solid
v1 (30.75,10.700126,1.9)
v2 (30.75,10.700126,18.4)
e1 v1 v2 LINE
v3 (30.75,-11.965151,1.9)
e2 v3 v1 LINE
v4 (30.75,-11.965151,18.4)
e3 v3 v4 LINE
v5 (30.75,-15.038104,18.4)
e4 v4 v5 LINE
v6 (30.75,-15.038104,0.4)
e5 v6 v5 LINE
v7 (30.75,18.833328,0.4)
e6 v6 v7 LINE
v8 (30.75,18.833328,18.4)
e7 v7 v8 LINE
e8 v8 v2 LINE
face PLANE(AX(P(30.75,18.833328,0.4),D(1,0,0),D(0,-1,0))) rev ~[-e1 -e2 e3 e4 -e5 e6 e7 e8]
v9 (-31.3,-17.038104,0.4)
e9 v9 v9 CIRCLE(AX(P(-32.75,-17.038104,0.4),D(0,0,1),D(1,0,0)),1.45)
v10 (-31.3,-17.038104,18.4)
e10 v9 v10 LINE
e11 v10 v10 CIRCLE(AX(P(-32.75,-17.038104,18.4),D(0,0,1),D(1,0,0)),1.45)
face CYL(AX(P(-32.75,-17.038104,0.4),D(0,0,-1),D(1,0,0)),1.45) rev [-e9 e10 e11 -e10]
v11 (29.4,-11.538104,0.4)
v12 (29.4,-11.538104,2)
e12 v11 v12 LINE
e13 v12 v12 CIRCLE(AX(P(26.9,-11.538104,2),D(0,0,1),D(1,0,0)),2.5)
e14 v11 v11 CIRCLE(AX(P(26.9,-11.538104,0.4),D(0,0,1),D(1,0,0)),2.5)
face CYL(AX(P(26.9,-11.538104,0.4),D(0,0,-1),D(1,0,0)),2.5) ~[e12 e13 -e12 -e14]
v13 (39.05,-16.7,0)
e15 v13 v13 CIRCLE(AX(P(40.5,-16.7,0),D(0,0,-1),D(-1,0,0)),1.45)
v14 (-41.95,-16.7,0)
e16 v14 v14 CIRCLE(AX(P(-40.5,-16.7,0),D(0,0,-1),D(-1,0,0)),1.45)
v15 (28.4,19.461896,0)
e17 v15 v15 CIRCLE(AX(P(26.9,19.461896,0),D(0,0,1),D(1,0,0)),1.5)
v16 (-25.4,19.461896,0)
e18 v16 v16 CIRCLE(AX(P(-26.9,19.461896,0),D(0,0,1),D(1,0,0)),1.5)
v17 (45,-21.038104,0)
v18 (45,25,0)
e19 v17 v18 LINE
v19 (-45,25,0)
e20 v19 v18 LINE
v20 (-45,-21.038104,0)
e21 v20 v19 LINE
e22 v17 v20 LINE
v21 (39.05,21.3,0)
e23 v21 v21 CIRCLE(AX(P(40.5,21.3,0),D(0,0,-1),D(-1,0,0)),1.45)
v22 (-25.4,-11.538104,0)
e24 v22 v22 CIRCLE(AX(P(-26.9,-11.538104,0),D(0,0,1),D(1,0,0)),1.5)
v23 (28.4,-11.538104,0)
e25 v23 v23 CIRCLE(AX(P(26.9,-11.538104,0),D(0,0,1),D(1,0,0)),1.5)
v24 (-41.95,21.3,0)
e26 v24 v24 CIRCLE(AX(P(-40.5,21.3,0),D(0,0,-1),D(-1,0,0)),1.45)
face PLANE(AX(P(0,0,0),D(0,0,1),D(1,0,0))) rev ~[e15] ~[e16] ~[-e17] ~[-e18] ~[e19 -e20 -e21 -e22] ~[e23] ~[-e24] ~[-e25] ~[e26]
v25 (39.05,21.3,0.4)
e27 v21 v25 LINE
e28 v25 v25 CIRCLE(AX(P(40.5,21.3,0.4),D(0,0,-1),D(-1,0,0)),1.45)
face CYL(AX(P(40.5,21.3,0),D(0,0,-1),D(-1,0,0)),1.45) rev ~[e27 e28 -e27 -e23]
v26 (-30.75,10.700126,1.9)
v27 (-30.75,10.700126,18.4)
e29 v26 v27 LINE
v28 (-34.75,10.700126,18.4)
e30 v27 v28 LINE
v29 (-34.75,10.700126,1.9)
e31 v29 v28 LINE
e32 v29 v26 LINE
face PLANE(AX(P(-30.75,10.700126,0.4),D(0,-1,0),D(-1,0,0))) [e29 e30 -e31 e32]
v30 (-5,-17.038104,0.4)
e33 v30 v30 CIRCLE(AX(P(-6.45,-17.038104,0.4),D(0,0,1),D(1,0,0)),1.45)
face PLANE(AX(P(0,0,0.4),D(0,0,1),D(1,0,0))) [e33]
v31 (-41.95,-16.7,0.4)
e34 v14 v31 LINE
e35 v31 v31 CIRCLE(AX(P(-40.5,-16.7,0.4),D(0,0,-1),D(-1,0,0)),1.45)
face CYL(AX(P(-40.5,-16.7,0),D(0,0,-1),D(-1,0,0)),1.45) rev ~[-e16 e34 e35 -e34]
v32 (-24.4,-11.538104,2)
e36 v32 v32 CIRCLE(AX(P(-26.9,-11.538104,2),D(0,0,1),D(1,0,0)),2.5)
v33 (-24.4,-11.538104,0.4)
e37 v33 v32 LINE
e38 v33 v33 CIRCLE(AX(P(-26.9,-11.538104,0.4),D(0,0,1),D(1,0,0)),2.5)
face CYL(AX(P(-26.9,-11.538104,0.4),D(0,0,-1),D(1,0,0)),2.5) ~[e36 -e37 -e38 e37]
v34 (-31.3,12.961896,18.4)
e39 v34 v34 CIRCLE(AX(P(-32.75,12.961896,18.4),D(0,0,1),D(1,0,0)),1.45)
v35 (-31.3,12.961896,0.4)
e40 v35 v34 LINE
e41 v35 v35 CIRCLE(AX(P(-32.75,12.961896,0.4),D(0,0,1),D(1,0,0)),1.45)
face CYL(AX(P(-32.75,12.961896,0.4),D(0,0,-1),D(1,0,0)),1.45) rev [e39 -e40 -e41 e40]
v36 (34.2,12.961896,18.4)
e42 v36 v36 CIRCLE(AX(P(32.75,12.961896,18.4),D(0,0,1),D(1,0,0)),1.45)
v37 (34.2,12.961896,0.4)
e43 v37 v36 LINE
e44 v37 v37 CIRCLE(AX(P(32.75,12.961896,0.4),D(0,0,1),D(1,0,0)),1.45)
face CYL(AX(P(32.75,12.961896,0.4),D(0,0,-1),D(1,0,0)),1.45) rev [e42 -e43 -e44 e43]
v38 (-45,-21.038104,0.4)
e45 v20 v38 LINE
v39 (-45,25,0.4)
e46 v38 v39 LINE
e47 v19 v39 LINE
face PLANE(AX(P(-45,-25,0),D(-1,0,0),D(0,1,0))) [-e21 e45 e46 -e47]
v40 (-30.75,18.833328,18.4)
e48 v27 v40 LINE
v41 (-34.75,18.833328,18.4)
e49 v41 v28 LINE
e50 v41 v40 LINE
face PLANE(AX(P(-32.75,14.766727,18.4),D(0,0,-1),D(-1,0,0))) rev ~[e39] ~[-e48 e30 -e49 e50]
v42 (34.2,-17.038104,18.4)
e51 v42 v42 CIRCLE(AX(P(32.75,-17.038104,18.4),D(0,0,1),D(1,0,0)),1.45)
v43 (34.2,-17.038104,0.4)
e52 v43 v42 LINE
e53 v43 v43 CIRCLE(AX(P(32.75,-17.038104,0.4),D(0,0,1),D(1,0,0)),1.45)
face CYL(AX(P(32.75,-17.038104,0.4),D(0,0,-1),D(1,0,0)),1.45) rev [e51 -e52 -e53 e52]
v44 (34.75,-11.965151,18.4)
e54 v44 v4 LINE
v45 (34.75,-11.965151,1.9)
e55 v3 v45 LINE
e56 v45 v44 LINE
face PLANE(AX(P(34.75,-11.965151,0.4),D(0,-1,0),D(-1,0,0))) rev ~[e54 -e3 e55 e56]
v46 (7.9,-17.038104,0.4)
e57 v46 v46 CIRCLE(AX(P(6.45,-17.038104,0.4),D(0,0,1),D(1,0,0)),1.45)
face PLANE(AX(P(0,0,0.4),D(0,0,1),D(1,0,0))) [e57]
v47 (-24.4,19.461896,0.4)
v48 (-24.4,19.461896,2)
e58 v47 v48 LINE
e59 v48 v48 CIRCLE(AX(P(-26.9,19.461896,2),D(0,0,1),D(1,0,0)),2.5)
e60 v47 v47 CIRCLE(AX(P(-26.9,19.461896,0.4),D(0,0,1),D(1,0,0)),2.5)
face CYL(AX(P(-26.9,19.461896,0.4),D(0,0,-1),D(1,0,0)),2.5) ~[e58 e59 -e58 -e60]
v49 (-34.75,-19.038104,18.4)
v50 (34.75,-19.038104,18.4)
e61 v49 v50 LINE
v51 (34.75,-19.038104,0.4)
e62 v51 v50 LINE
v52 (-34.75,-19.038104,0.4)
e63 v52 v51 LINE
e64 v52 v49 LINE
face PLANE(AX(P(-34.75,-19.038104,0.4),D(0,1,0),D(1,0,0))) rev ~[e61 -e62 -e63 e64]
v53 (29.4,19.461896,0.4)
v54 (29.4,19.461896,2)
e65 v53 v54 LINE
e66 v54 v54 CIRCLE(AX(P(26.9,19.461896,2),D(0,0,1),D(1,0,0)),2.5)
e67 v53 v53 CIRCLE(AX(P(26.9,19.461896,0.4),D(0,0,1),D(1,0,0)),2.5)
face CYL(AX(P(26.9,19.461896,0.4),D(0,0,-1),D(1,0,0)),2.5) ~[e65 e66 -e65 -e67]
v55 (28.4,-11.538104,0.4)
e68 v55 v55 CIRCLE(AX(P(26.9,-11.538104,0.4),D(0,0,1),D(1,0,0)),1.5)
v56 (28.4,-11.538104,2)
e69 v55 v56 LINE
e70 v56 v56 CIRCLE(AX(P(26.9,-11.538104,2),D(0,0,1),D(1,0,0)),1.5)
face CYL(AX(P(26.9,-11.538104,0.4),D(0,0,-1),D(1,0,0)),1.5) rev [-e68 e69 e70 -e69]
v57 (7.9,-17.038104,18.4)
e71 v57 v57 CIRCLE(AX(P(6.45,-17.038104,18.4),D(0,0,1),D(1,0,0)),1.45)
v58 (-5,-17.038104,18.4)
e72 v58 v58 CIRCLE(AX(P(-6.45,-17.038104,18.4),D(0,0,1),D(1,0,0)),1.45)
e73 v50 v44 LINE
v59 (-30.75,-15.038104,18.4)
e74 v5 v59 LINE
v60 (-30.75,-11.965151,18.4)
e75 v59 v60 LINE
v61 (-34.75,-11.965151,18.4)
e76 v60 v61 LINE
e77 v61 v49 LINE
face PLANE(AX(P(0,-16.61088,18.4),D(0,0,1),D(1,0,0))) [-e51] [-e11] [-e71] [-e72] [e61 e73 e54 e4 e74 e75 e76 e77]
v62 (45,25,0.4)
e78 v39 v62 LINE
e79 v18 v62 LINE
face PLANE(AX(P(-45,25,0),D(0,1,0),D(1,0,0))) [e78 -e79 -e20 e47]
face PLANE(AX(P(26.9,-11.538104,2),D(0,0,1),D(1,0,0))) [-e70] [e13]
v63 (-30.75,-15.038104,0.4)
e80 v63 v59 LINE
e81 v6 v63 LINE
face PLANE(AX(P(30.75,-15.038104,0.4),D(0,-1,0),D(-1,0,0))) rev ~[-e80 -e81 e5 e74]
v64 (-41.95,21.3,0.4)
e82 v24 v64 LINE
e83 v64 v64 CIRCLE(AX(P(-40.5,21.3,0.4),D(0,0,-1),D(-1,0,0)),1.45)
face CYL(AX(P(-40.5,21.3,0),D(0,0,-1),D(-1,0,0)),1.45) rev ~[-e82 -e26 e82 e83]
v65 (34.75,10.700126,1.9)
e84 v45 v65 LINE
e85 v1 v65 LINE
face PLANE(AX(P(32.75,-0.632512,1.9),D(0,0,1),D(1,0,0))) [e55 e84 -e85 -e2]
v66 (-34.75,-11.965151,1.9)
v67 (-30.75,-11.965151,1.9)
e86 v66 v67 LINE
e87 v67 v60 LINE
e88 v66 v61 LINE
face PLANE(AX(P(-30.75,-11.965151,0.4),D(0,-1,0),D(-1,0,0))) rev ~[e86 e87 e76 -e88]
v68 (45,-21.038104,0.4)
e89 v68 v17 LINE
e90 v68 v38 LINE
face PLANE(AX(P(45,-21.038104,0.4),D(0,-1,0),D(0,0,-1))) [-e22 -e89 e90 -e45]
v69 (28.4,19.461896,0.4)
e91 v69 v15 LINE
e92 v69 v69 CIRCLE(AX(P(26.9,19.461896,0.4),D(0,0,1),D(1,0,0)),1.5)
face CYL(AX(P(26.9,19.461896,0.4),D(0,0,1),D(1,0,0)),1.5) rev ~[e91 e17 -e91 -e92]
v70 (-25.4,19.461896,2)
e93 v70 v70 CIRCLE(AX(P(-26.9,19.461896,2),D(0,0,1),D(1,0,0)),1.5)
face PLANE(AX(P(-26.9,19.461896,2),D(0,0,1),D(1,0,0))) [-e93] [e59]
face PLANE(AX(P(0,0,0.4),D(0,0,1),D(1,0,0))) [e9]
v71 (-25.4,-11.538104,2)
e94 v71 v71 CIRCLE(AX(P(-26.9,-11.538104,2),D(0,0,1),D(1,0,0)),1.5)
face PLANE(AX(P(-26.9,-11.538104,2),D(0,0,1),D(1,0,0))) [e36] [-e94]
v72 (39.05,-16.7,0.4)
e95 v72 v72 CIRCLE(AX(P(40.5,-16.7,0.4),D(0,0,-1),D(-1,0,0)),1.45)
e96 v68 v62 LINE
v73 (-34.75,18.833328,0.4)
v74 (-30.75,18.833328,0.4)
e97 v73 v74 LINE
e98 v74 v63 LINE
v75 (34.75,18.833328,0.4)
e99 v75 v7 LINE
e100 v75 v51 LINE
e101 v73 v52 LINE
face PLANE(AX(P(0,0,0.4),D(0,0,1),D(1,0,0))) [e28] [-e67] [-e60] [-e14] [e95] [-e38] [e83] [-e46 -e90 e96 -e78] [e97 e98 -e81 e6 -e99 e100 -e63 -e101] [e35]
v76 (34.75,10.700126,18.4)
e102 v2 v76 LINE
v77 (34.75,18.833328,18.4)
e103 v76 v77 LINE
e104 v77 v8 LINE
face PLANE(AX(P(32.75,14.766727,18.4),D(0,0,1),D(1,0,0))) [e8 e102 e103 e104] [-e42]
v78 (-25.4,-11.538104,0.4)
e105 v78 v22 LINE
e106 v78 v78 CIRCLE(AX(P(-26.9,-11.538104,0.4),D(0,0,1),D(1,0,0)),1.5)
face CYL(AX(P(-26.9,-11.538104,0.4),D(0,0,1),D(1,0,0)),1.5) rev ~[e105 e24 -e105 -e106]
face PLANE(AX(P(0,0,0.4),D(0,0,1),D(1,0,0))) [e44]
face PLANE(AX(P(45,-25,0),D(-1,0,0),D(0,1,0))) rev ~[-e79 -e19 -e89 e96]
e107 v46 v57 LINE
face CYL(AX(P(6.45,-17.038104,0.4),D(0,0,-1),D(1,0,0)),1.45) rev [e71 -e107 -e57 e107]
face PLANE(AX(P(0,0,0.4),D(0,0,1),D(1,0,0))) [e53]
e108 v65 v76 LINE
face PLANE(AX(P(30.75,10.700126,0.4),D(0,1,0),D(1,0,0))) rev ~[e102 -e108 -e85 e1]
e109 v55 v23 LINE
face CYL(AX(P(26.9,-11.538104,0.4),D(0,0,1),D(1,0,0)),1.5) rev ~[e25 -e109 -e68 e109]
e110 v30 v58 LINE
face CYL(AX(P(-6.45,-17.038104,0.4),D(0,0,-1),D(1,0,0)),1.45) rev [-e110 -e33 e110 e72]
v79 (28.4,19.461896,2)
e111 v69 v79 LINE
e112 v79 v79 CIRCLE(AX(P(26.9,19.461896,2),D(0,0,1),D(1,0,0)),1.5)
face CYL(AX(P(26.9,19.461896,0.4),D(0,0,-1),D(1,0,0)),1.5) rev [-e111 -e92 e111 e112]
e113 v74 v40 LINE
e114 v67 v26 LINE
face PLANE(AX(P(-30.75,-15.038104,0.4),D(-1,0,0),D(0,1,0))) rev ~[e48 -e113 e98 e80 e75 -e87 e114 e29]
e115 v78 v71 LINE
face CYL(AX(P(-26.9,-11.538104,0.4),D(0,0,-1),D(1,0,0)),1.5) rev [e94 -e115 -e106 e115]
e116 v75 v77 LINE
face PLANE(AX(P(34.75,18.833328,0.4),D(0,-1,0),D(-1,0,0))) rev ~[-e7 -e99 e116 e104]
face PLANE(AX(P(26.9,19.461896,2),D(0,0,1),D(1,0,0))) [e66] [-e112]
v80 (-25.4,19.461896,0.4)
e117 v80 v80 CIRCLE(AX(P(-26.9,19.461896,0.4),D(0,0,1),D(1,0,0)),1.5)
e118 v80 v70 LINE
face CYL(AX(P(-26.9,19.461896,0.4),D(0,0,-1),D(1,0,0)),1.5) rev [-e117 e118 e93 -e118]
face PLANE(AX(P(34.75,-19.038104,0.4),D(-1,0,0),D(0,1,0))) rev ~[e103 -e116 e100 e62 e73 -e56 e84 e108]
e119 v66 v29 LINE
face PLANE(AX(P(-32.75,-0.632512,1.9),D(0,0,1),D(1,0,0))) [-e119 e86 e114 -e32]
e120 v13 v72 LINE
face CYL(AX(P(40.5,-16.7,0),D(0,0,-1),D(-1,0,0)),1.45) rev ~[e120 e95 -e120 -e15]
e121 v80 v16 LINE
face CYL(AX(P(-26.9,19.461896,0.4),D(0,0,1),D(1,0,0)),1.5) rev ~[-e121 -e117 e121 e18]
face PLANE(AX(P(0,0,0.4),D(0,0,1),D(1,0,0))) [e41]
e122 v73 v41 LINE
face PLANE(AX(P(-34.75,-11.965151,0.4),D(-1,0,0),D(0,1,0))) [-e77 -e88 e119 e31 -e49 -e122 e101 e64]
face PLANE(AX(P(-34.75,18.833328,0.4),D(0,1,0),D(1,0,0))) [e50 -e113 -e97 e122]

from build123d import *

# Parameters (mm, degrees)
SKIZZE1_W                       = 90
SKIZZE1_H                       = 50
AUFSATZ_LINEAR_AUSTRAGEN1_DEPTH = 0.4
SKIZZE3_R                       = 1.5
SCHNITT_LINEAR_AUSTRAGEN1_DEPTH = 1.4
SKIZZE18_R                      = 2.5
SKIZZE18_R_2                    = 1.5
AUFSATZ_LINEAR_AUSTRAGEN5_DEPTH = 1.6
SKIZZE22_R                      = 1.45
AUFSATZ_LINEAR_AUSTRAGEN7_DEPTH = 18
SKIZZE24_W                      = 4
SKIZZE24_H                      = 22.665276743
AUFSATZ_LINEAR_AUSTRAGEN8_DEPTH = 1.5
SKIZZE25_W                      = 0.4
SKIZZE25_H                      = 3.961895835
SCHNITT_LINEAR_AUSTRAGEN4_DEPTH = 91
SKIZZE26_R                      = 1.45
SCHNITT_LINEAR_AUSTRAGEN5_DEPTH = 1


with BuildPart() as part:
    # Skizze1 → Aufsatz-Linear austragen1 (new body)
    with BuildSketch(Plane.XY):
        Rectangle(SKIZZE1_W, SKIZZE1_H)
    extrude(amount=AUFSATZ_LINEAR_AUSTRAGEN1_DEPTH)

    # Skizze3 → Schnitt-Linear austragen1 (cut, through all)
    with BuildSketch(Plane.XY.offset(0.4)):
        with Locations((-26.9, 19.461895835)):
            Circle(SKIZZE3_R)
        with Locations((26.9, 19.461895835)):
            Circle(SKIZZE3_R)
        with Locations((26.9, -11.538104165)):
            Circle(SKIZZE3_R)
        with Locations((-26.9, -11.538104165)):
            Circle(SKIZZE3_R)
    extrude(amount=-SCHNITT_LINEAR_AUSTRAGEN1_DEPTH, mode=Mode.SUBTRACT)

    # Skizze18 → Aufsatz-Linear austragen5 (add)
    with BuildSketch(Plane.XY.offset(0.4)):
        with Locations((-26.9, 19.461895835)):
            Circle(SKIZZE18_R)
        with Locations((-26.9, 19.461895835)):
            Circle(SKIZZE18_R_2, mode=Mode.SUBTRACT)
        with Locations((26.9, 19.461895835)):
            Circle(SKIZZE18_R)
        with Locations((26.9, 19.461895835)):
            Circle(SKIZZE18_R_2, mode=Mode.SUBTRACT)
        with Locations((26.9, -11.538104165)):
            Circle(SKIZZE18_R)
        with Locations((26.9, -11.538104165)):
            Circle(SKIZZE18_R_2, mode=Mode.SUBTRACT)
        with Locations((-26.9, -11.538104165)):
            Circle(SKIZZE18_R)
        with Locations((-26.9, -11.538104165)):
            Circle(SKIZZE18_R_2, mode=Mode.SUBTRACT)
    extrude(amount=AUFSATZ_LINEAR_AUSTRAGEN5_DEPTH)

    # Skizze22 → Aufsatz-Linear austragen7 (add)
    with BuildSketch(Plane.XY.offset(0.4)):
        Polygon((30.75, -15.038104165), (0, -15.038104165), (-30.75, -15.038104165), (-30.75, -11.965150571), (-34.75, -11.965150571), (-34.75, -19.038104165), (0, -19.038104165), (34.75, -19.038104165), (34.75, -11.965150571), (30.75, -11.965150571), align=None)
        with Locations((32.75, -17.038104165)):
            Circle(SKIZZE22_R, mode=Mode.SUBTRACT)
        with Locations((6.45, -17.038104165)):
            Circle(SKIZZE22_R, mode=Mode.SUBTRACT)
        with Locations((-6.45, -17.038104165)):
            Circle(SKIZZE22_R, mode=Mode.SUBTRACT)
        with Locations((-32.75, -17.038104165)):
            Circle(SKIZZE22_R, mode=Mode.SUBTRACT)
        Polygon((34.75, 15.223665498), (34.75, 18.83332796), (30.75, 18.83332796), (30.75, 15.223665498), (30.75, 10.700126172), (34.75, 10.700126172), align=None)
        with Locations((32.75, 12.961895835)):
            Circle(SKIZZE22_R, mode=Mode.SUBTRACT)
        Polygon((-30.75, 18.83332796), (-30.75, 15.223665498), (-30.75, 10.700126172), (-34.75, 10.700126172), (-34.75, 15.223665498), (-34.75, 18.83332796), align=None)
        with Locations((-32.75, 12.961895835)):
            Circle(SKIZZE22_R, mode=Mode.SUBTRACT)
    extrude(amount=AUFSATZ_LINEAR_AUSTRAGEN7_DEPTH)

    # Skizze24 → Aufsatz-Linear austragen8 (add)
    with BuildSketch(Plane.XY.offset(0.4)):
        with Locations((-32.75, -0.632512199)):
            Rectangle(SKIZZE24_W, SKIZZE24_H)
        with Locations((32.75, -0.632512199)):
            Rectangle(SKIZZE24_W, SKIZZE24_H)
    extrude(amount=AUFSATZ_LINEAR_AUSTRAGEN8_DEPTH)

    # Skizze25 → Schnitt-Linear austragen4 (cut, through all)
    with BuildSketch(Plane(origin=(45, 0, 0), x_dir=(0, 0, -1), z_dir=(1, 0, 0))):
        with Locations((-0.2, -23.019052083)):
            Rectangle(SKIZZE25_W, SKIZZE25_H)
    extrude(amount=-SCHNITT_LINEAR_AUSTRAGEN4_DEPTH, mode=Mode.SUBTRACT)

    # Skizze26 → Schnitt-Linear austragen5 (cut)
    with BuildSketch(Plane(origin=(0, 0, 0), x_dir=(-1, 0, 0), z_dir=(0, 0, -1))):
        with Locations((-40.5, -16.7)):
            Circle(SKIZZE26_R)
        with Locations((-40.5, 21.3)):
            Circle(SKIZZE26_R)
        with Locations((40.5, -16.7)):
            Circle(SKIZZE26_R)
        with Locations((40.5, 21.3)):
            Circle(SKIZZE26_R)
    extrude(amount=-SCHNITT_LINEAR_AUSTRAGEN5_DEPTH, mode=Mode.SUBTRACT)


solid = part.part
